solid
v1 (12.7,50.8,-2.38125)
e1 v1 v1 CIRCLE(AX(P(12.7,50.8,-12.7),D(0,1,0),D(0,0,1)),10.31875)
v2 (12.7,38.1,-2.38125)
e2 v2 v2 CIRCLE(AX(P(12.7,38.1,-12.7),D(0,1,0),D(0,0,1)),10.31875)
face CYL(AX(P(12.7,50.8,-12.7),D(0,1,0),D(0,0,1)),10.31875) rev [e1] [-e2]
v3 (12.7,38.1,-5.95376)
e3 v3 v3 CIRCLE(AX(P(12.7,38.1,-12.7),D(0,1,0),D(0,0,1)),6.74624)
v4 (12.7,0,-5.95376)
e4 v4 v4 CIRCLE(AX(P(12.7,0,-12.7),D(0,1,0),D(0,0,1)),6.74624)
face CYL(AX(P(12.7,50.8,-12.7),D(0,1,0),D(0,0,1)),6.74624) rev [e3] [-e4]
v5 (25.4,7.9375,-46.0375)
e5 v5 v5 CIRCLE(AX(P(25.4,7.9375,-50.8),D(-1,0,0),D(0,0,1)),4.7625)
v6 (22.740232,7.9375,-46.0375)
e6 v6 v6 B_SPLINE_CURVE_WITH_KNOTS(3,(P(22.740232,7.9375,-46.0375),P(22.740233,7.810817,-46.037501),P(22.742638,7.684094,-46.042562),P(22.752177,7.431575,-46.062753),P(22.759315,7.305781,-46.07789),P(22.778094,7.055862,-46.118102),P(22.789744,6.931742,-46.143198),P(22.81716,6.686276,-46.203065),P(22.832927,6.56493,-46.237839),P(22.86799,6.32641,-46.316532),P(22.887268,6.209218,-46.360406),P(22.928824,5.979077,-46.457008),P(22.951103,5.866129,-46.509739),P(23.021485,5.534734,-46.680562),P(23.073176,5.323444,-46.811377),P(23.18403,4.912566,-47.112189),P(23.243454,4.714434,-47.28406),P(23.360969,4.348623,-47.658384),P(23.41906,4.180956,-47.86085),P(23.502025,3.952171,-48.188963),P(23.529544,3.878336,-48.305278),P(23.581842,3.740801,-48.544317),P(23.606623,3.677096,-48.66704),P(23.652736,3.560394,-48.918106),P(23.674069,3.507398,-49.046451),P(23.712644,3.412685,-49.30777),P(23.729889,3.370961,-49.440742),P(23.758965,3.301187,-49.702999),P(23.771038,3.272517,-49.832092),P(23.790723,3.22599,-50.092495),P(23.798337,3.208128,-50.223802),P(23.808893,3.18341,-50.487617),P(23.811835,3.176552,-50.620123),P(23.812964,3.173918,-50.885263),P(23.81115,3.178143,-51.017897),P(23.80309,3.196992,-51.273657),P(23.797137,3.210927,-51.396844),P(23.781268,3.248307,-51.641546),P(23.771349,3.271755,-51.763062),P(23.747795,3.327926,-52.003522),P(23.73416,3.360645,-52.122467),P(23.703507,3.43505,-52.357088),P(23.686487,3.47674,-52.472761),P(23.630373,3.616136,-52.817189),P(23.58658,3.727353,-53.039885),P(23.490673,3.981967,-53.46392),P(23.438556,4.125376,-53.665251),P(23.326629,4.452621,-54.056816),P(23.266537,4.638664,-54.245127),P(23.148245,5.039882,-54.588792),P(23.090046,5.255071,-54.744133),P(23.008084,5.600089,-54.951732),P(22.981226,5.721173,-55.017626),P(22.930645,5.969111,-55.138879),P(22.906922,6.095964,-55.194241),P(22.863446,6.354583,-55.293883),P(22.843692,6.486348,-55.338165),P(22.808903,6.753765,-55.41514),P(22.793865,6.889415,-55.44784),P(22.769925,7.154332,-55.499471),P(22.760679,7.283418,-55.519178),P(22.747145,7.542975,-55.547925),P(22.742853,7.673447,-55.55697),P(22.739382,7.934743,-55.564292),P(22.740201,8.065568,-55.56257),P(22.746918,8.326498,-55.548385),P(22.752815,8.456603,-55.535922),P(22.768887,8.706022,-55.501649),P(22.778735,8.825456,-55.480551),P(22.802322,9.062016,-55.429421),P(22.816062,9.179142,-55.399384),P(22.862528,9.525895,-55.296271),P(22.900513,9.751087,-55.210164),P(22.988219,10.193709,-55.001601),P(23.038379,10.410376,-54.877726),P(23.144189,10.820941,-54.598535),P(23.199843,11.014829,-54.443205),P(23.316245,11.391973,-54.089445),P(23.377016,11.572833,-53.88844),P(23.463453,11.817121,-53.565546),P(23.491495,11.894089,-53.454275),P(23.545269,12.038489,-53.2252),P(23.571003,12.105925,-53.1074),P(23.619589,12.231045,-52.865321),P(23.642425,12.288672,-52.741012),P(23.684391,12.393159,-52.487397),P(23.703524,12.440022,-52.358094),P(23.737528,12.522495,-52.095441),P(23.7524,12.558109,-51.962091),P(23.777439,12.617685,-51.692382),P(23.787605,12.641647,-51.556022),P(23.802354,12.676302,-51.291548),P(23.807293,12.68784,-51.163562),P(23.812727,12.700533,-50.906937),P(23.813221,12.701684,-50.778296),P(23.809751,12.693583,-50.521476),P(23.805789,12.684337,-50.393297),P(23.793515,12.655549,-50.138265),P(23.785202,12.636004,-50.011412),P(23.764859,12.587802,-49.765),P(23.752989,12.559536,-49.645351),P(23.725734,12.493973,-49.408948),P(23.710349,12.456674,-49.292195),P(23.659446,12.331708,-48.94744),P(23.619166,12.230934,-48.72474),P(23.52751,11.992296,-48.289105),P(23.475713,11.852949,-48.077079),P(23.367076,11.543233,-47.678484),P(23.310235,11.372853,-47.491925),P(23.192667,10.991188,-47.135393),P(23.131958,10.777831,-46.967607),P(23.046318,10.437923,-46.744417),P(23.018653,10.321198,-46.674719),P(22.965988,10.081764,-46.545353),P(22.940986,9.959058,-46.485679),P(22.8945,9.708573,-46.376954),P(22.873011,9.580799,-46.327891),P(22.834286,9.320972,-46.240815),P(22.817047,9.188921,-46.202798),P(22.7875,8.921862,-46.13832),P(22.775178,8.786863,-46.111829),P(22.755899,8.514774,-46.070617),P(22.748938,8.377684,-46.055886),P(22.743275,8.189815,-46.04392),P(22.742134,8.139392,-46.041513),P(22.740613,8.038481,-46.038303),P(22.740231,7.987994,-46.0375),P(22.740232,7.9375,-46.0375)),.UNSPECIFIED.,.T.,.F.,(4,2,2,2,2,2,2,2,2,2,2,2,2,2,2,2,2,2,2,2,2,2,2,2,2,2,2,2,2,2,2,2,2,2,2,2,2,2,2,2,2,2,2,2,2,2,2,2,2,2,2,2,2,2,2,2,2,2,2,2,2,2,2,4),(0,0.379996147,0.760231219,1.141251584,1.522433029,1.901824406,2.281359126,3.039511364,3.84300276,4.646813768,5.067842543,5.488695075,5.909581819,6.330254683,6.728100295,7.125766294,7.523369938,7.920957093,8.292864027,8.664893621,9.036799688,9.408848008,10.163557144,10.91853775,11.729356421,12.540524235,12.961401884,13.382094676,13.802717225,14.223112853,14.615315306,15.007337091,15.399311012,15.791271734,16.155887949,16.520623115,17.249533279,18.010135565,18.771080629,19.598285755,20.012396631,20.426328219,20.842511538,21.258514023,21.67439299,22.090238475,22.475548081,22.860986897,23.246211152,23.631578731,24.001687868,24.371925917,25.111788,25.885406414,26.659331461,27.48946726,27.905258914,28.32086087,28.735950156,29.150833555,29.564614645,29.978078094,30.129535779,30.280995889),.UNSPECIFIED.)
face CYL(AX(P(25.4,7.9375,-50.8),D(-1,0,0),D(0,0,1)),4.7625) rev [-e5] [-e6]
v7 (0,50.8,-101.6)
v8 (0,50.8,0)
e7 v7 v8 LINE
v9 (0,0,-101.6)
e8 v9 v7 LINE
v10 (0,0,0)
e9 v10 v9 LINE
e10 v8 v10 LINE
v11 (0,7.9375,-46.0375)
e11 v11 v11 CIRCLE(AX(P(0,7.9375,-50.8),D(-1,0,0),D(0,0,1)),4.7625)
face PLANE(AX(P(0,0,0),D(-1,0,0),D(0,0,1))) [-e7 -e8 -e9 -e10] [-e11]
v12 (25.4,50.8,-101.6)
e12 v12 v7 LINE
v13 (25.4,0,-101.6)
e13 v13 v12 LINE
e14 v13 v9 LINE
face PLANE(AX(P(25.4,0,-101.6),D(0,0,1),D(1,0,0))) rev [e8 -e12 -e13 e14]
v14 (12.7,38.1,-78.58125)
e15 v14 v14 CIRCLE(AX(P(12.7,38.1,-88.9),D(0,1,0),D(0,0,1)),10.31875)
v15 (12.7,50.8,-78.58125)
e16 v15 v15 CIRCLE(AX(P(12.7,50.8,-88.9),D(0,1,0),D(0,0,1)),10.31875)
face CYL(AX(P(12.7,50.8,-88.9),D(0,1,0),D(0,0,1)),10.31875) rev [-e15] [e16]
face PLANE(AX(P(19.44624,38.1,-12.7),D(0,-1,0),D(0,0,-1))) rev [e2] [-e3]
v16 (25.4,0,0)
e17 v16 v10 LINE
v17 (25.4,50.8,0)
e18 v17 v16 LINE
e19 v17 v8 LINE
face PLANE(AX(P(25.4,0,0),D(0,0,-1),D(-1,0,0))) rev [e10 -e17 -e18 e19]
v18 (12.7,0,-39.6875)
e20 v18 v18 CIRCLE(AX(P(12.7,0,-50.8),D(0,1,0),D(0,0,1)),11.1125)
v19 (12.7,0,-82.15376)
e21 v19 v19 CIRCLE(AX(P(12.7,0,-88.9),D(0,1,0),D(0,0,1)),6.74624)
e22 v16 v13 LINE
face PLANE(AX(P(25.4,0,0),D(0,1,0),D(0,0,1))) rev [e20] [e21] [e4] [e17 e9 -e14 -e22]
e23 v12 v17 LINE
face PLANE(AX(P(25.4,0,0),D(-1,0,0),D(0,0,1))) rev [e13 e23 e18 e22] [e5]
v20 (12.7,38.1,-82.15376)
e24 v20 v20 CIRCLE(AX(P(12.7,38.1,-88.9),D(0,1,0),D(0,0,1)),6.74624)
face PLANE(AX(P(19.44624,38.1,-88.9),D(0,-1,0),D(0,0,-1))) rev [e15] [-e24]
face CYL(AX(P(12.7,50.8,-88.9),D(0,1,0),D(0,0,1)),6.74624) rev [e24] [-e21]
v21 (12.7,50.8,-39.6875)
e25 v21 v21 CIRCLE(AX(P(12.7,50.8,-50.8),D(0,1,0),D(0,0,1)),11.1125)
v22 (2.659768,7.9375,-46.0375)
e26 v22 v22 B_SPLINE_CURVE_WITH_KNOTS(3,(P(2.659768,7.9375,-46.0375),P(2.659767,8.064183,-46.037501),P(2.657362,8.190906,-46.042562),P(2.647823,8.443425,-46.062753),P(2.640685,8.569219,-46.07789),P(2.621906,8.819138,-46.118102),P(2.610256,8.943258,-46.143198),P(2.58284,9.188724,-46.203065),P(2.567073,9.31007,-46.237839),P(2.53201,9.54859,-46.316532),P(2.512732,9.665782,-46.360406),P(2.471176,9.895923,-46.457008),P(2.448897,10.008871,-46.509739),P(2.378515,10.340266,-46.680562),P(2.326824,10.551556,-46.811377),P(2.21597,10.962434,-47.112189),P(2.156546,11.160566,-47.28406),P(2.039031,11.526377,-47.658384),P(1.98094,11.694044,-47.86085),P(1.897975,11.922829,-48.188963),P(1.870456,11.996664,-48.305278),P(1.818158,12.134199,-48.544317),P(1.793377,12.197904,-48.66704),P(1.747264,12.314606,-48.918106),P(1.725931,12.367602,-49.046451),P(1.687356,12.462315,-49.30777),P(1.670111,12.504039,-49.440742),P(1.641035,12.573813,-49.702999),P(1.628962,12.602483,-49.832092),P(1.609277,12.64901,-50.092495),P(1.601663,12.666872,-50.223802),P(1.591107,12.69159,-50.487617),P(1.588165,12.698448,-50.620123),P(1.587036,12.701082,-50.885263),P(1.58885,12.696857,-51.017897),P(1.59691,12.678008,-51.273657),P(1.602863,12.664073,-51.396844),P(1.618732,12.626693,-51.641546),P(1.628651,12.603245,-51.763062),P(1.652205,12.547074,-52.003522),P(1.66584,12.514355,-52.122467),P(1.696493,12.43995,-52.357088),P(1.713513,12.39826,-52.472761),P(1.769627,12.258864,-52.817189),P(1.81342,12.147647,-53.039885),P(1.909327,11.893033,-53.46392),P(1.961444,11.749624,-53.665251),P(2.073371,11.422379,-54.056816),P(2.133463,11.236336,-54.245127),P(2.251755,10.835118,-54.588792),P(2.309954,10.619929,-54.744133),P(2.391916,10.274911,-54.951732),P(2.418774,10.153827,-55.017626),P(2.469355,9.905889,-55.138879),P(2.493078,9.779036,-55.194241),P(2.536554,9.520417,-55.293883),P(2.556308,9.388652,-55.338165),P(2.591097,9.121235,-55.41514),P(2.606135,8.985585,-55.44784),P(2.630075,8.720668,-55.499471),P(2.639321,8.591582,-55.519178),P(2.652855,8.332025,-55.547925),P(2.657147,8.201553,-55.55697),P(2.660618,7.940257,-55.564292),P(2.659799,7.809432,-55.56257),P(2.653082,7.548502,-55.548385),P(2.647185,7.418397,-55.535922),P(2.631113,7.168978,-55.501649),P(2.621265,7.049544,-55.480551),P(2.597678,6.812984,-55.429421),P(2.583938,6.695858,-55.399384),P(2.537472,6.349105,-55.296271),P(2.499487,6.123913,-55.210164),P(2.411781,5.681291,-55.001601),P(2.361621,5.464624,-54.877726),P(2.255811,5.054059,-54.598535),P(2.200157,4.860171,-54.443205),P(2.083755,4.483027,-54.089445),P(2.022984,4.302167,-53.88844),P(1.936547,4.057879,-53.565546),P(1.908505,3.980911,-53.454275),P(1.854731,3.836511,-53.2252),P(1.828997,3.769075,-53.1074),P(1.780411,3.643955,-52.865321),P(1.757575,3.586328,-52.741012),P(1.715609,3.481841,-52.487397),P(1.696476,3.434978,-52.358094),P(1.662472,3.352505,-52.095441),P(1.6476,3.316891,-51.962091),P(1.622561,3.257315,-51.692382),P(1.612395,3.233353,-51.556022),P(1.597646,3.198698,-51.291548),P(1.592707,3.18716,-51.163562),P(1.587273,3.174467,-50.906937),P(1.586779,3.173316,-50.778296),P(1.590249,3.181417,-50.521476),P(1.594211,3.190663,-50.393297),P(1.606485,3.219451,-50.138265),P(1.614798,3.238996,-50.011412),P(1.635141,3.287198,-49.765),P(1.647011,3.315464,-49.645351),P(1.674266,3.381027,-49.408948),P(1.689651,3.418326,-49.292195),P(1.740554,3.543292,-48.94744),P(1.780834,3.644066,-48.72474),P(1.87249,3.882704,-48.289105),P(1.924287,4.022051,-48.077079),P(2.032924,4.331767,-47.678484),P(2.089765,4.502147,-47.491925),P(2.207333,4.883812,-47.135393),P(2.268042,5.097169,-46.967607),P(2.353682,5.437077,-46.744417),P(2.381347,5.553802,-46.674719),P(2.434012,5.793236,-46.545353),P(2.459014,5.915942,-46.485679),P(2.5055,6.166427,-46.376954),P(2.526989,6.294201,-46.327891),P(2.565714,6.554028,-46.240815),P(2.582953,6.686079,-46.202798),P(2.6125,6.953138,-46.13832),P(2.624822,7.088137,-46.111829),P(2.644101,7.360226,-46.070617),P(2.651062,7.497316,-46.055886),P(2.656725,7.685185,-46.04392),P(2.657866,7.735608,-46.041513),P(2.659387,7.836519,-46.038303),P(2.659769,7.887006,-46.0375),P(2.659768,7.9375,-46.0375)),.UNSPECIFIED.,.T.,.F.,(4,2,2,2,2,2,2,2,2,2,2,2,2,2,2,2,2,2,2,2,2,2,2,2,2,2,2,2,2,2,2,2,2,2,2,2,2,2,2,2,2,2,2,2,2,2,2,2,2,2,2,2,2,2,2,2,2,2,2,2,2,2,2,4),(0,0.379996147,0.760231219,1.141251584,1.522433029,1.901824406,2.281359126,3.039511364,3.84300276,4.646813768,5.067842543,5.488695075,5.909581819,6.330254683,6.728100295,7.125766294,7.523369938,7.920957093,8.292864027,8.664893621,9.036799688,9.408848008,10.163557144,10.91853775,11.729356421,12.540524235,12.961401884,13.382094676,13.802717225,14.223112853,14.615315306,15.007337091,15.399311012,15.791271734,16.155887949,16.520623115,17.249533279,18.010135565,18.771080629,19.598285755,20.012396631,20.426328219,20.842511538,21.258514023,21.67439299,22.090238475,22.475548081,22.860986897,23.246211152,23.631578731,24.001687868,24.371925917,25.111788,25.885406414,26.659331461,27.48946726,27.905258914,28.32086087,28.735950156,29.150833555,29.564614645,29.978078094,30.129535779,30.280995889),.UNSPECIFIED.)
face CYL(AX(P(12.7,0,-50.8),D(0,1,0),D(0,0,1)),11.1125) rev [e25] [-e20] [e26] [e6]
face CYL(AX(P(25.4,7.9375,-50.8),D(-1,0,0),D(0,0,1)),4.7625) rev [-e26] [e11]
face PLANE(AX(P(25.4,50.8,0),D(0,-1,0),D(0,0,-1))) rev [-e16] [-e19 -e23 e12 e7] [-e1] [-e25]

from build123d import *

# Parameters (mm, degrees)
SKETCH1_W                                        = 101.6
SKETCH1_H                                        = 50.8
BOSS_EXTRUDE1_DEPTH                              = 25.4
SKETCH2_R                                        = 11.1125
CUT_EXTRUDE1_DEPTH                               = 50.8
CBORE_FOR_1_2_SOCKET_HEAD_CAP_SCREW1_D           = 13.49248
CBORE_FOR_1_2_SOCKET_HEAD_CAP_SCREW1_DEPTH       = 50.8
CBORE_FOR_1_2_SOCKET_HEAD_CAP_SCREW1_CBORE_D     = 20.6375
CBORE_FOR_1_2_SOCKET_HEAD_CAP_SCREW1_CBORE_DEPTH = 12.7
CBORE_FOR_1_2_SOCKET_HEAD_CAP_SCREW1_TIP         = 4.053549943
SKETCH8_R                                        = 4.7625
CUT_EXTRUDE2_DEPTH                               = 117.397422652


with BuildPart() as part:
    # Sketch1 → Boss-Extrude1 (new body)
    with BuildSketch(Plane(origin=(0, 0, 0), x_dir=(0, 0, -1), z_dir=(1, 0, 0))):
        with Locations((50.8, 25.4)):
            Rectangle(SKETCH1_W, SKETCH1_H)
    extrude(amount=BOSS_EXTRUDE1_DEPTH)

    # Sketch2 → Cut-Extrude1 (cut)
    with BuildSketch(Plane(origin=(0, 50.8, 0), x_dir=(1, 0, 0), z_dir=(0, 1, 0))):
        with Locations(Location((12.7, 50.8, 0), (0, 0, 270))):
            Circle(SKETCH2_R)
    extrude(amount=-CUT_EXTRUDE1_DEPTH, mode=Mode.SUBTRACT)

    # CBORE for 1/2 Socket Head Cap Screw1
    with Locations(Plane(origin=(0, 50.8, 0), x_dir=(1, 0, 0), z_dir=(0, 1, 0))):
        with Locations((12.7, 88.9), (12.7, 12.7)):
            CounterBoreHole(CBORE_FOR_1_2_SOCKET_HEAD_CAP_SCREW1_D / 2, CBORE_FOR_1_2_SOCKET_HEAD_CAP_SCREW1_CBORE_D / 2, CBORE_FOR_1_2_SOCKET_HEAD_CAP_SCREW1_CBORE_DEPTH, depth=CBORE_FOR_1_2_SOCKET_HEAD_CAP_SCREW1_DEPTH)
            with Locations((0, 0, -(CBORE_FOR_1_2_SOCKET_HEAD_CAP_SCREW1_DEPTH + CBORE_FOR_1_2_SOCKET_HEAD_CAP_SCREW1_TIP / 2))):  # 118° drill point
                Cone(0, CBORE_FOR_1_2_SOCKET_HEAD_CAP_SCREW1_D / 2, CBORE_FOR_1_2_SOCKET_HEAD_CAP_SCREW1_TIP, mode=Mode.SUBTRACT)

    # Sketch8 → Cut-Extrude2 (cut, through all)
    with BuildSketch(Plane.ZY):
        with Locations((-50.8, 7.9375)):
            Circle(SKETCH8_R)
    extrude(amount=-CUT_EXTRUDE2_DEPTH, mode=Mode.SUBTRACT)


solid = part.part
